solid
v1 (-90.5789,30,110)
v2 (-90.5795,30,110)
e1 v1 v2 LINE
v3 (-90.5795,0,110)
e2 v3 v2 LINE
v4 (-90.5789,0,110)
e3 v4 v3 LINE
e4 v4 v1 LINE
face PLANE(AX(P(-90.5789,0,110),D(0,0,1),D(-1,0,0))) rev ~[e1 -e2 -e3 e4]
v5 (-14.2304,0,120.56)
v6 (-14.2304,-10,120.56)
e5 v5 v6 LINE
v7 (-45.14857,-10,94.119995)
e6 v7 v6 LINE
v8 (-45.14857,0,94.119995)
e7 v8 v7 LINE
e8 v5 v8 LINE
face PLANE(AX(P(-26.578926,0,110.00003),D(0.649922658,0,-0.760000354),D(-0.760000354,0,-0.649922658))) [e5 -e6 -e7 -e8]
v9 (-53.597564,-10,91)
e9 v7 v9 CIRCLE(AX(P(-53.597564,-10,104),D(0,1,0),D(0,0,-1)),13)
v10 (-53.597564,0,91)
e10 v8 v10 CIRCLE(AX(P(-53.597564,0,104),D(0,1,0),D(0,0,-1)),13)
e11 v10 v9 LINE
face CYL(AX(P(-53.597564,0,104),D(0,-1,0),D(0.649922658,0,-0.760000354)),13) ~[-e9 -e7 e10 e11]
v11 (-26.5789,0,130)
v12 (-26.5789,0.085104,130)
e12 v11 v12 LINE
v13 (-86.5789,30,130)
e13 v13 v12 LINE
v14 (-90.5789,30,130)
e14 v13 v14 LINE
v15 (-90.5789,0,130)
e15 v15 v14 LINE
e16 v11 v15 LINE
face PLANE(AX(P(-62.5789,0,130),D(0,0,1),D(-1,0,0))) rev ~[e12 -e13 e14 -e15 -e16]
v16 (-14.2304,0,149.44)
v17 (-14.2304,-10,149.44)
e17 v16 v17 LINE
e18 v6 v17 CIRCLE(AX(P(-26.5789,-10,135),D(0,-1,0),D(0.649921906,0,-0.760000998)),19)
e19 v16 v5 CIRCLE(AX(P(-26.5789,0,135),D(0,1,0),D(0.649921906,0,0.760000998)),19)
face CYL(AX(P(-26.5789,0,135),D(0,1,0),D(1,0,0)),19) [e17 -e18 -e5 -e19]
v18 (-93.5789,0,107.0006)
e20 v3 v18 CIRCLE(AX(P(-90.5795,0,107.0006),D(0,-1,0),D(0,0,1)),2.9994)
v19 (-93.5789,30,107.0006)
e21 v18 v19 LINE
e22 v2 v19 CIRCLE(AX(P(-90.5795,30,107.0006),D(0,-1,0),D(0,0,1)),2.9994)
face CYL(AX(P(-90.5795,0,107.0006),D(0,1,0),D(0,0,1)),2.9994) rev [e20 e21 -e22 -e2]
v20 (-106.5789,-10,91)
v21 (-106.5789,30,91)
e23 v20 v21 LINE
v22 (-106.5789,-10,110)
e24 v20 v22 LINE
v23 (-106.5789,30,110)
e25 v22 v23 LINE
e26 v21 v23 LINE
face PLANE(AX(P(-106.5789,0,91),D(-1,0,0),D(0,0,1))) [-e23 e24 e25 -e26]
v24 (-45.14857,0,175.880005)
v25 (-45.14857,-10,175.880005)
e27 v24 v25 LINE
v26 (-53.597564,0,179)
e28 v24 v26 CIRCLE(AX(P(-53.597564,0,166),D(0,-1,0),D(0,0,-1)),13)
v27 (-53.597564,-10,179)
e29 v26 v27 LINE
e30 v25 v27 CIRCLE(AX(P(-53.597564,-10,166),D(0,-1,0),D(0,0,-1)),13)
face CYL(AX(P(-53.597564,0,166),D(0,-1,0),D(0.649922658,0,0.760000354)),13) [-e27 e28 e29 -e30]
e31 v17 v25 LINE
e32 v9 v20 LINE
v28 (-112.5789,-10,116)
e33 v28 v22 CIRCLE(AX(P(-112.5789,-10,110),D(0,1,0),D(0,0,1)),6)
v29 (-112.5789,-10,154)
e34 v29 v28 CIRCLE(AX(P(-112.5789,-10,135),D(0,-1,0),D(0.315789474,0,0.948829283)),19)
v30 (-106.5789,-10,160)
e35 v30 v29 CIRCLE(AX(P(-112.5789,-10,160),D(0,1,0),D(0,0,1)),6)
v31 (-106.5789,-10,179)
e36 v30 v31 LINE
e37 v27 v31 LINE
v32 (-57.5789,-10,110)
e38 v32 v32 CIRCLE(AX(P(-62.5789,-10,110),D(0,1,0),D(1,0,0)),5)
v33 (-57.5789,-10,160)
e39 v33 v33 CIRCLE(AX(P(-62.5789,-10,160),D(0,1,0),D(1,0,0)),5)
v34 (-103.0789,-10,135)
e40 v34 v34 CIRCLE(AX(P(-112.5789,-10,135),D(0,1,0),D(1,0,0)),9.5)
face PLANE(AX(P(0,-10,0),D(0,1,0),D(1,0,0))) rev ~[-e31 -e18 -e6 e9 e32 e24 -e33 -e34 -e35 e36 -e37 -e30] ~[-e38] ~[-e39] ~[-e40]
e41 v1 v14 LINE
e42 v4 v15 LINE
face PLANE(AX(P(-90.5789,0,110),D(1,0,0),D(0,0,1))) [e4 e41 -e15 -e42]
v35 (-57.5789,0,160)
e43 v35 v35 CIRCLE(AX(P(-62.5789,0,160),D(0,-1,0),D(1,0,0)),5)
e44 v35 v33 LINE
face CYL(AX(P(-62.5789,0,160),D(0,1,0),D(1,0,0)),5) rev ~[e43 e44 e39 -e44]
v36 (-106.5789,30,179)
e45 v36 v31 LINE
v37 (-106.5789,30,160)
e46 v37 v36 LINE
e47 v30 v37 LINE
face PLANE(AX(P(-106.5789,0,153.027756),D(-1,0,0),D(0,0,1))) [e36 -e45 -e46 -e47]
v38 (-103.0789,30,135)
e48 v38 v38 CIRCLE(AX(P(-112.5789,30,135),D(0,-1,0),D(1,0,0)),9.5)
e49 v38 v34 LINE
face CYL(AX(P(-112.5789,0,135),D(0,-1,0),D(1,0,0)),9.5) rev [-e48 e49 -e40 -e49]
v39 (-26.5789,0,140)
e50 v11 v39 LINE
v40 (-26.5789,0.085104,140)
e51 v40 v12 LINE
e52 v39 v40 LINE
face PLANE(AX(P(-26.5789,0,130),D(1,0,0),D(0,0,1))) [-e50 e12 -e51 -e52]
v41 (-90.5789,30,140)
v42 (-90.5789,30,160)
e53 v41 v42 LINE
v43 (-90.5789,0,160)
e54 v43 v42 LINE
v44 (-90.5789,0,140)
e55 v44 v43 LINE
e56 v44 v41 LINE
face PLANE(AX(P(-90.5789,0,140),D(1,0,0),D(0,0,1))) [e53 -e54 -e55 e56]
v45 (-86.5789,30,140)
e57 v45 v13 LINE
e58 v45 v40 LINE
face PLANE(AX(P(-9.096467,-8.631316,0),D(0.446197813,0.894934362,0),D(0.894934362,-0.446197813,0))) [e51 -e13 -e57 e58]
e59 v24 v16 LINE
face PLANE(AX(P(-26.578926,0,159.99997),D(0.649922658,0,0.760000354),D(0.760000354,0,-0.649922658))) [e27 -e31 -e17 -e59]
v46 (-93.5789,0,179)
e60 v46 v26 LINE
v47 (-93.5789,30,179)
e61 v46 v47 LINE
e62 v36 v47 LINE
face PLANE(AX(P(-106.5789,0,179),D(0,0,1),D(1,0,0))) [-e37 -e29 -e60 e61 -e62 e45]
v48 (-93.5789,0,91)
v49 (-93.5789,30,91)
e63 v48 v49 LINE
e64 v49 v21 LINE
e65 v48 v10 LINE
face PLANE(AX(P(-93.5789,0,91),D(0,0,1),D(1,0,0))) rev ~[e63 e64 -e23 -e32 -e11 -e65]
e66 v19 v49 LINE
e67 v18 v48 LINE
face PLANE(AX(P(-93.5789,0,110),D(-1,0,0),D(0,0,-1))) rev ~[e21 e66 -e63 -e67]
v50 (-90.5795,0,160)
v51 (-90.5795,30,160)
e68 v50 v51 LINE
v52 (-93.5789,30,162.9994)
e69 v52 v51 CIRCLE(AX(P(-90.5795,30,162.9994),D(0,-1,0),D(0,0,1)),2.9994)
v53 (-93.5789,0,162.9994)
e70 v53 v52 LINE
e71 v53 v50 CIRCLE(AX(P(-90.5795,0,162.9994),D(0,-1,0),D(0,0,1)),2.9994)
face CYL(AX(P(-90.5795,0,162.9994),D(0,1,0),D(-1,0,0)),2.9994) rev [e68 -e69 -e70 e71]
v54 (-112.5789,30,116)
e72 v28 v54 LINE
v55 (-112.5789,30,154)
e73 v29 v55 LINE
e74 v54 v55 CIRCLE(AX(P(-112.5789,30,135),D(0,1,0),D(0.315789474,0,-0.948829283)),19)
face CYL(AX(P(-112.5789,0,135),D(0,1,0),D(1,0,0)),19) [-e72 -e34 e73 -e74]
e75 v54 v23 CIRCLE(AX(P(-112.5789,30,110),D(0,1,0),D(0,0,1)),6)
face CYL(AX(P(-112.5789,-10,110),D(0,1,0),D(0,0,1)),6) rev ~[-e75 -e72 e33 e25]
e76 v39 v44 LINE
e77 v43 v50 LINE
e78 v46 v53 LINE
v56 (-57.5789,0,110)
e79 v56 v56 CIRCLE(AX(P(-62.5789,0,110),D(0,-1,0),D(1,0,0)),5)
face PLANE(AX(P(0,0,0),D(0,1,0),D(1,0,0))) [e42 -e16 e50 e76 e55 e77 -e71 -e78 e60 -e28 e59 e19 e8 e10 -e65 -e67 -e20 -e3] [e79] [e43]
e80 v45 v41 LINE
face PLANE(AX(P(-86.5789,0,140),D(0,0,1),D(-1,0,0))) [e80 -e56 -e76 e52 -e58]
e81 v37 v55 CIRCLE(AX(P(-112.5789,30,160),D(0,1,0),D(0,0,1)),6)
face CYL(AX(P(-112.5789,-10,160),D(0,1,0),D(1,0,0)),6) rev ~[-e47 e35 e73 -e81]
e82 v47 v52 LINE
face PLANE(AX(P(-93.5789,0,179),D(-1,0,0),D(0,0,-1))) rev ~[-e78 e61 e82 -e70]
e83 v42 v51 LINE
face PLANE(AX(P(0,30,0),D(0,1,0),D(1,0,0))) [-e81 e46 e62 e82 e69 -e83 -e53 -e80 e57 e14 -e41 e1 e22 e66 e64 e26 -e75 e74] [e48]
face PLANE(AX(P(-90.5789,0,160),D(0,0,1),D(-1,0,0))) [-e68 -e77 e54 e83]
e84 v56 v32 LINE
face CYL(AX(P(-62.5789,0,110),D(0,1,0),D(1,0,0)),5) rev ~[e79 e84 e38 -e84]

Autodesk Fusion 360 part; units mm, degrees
sketch "Sketch1" plane through (0, 0, 0) normal (0, 1, 0) x (1, 0, 0)
  line L0 (-93.5789, -91) -> (-48.797, -91)
  line L1 (-48.797, -91) -> (-48.797, -179)
  line L2 (-48.797, -179) -> (-93.5789, -179)
  line L3 (-93.5789, -179) -> (-93.5789, -91)
  line L4 (-48.797, -179) -> (2.6553, -135)
  line L5 (2.6553, -135) -> (-48.797, -91)
  line L6 (-93.5789, -91) -> (-148.2679, -91)
  line L7 (-148.2679, -91) -> (-148.2679, -179)
  line L8 (-148.2679, -179) -> (-93.5789, -179)
  line L9 (2.6553, -135) -> (-148.2679, -135)
  line L10 (-90.5789, -91) -> (-90.5789, -179)
  line L11 (-26.5789, -110) -> (-26.5789, -160)
  line L12 (-26.5789, -130) -> (-90.5789, -130)
  line L13 (-26.5789, -140) -> (-90.5789, -140)
  line L14 (-26.5789, -110) -> (-90.5789, -110)
  line L15 (-26.5789, -160) -> (-90.5789, -160)
  line L16 (-62.5789, -91) -> (-62.5789, -179)
  circle A0 centre (-62.5789, -110) radius 5
  circle A1 centre (-62.5789, -160) radius 5
  line L17 (-106.5789, -91) -> (-106.5789, -179)
  line L18 (-112.5789, -91) -> (-112.5789, -179)
  line L19 (-86.5789, -140) -> (-86.5789, -130)
  circle A2 centre (-112.5789, -135) radius 9.5
  circle A3 centre (-112.5789, -135) radius 19
  line L20 (-26.5789, -135) -> (-14.2304, -120.56)
  line L21 (-26.5789, -135) -> (-14.2304, -149.44)
  circle A4 centre (-26.5789, -135) radius 19
  line L22 (-90.5789, -160) -> (-93.5789, -160)
  line L23 (-90.5789, -130) -> (-93.5789, -130)
  line L24 (-90.5789, -110) -> (-93.5789, -110)
  line L25 (-90.5789, -140) -> (-93.5789, -140)
  dimension "d1" = 3
  dimension "d2" = 5
  dimension "d3" = 10
  dimension "d4" = 50
  dimension "d7" = 88
  dimension "d8" = 67
  dimension "d10" = 31
  dimension "d11" = 36
  dimension "d12" = 10
  dimension "d13" = 10
  dimension "d16" = 13
  dimension "d17" = 19
  dimension "d18" = 20
  dimension "d19" = 19
  dimension "d20" = 38
  dimension "d22" = 19
  dimension "d23" = 19
  dimension "d24" = 13.782
extrude "Extrude1" add sketch "Sketch1" against normal blind 10 contours L0 L3 L10 L24 | L3 L6 L17 A3 | L0 L10 L14 L16 A0 | L3 L10 L23 L24 | L0 L1 L14 L16 A0 | L10 L12 L14 L16 A0 | L3 L9 L10 L23 | L9 L17 A2 A3 | L17 L18 A2 A3 | L1 L5 L14 | L9 L10 L12 L19 | L3 L9 L10 L25 | L9 L17 A2 A3 | L3 L8 L17 A3 | L9 L18 A2 A3 | L1 L11 L12 L14 A4 | L1 L12 L14 L16 A0 | L5 L11 A4 | L9 L10 L13 L19 | L9 L12 L16 L19 | L3 L10 L22 L25 | L17 L18 A2 A3 | L9 L18 A2 A3 | L1 L9 L12 A4 | L1 L9 L12 L16 | L9 L20 A4 | L11 L20 A4 | L11 L12 A4 | L9 L13 L16 L19 | L10 L13 L15 L16 A1 | L2 L3 L10 L22 | L1 L9 L13 A4 | L1 L9 L13 L16 | L9 L11 L12 A4 | L9 L11 L13 A4 | L11 L21 A4 | L9 L21 A4 | L2 L10 L15 L16 A1 | L1 L11 L13 L15 A4 | L1 L13 L15 L16 A1 | L4 L11 A4 | L11 L13 A4 | L1 L4 L15 | L1 L2 L15 L16 A1 makes body 1
extrude "Extrude2" add sketch "Sketch1" along normal blind 30 contours L3 L6 L17 A3 | L3 L10 L23 L24 | L3 L9 L10 L23 | L9 L17 A2 A3 | L17 L18 A2 A3 | L9 L10 L12 L19 | L3 L9 L10 L25 | L9 L17 A2 A3 | L3 L8 L17 A3 | L9 L18 A2 A3 | L9 L10 L13 L19 | L3 L10 L22 L25 | L17 L18 A2 A3 | L9 L18 A2 A3 bodies 1
extrude "Extrude3" add sketch "Sketch1" along normal blind 30 separate body contours L9 L12 L16 L19 | L1 L9 L12 A4 | L1 L9 L12 L16 | L9 L13 L16 L19 | L1 L9 L13 A4 | L1 L9 L13 L16 | L9 L11 L12 A4 | L9 L11 L13 A4 makes body 2
draft "Draft1" angle -26.5 neutral plane through (-86.5789, 0, 135) pull (-1, 0, 0) 1 faces at (-46.5789, 30, 133.3333) on bodies 2
combine "Combine1" operation add target body 2 tool bodies 1
fillet "Fillet1" radius 13 1 edges at (-48.797, -5, 179) on bodies 2
fillet "Fillet2" radius 13 1 edges at (-48.797, -5, 91) on bodies 2
fillet "Fillet3" radius 3 1 edges at (-93.5789, 15, 160) on bodies 2
fillet "Fillet4" radius 3 1 edges at (-93.5789, 15, 110) on bodies 2
fillet "Fillet5" radius 6 1 edges at (-106.5789, 10, 153.0278) on bodies 2
fillet "Fillet6" radius 6 1 edges at (-106.5789, 10, 116.9722) on bodies 2
